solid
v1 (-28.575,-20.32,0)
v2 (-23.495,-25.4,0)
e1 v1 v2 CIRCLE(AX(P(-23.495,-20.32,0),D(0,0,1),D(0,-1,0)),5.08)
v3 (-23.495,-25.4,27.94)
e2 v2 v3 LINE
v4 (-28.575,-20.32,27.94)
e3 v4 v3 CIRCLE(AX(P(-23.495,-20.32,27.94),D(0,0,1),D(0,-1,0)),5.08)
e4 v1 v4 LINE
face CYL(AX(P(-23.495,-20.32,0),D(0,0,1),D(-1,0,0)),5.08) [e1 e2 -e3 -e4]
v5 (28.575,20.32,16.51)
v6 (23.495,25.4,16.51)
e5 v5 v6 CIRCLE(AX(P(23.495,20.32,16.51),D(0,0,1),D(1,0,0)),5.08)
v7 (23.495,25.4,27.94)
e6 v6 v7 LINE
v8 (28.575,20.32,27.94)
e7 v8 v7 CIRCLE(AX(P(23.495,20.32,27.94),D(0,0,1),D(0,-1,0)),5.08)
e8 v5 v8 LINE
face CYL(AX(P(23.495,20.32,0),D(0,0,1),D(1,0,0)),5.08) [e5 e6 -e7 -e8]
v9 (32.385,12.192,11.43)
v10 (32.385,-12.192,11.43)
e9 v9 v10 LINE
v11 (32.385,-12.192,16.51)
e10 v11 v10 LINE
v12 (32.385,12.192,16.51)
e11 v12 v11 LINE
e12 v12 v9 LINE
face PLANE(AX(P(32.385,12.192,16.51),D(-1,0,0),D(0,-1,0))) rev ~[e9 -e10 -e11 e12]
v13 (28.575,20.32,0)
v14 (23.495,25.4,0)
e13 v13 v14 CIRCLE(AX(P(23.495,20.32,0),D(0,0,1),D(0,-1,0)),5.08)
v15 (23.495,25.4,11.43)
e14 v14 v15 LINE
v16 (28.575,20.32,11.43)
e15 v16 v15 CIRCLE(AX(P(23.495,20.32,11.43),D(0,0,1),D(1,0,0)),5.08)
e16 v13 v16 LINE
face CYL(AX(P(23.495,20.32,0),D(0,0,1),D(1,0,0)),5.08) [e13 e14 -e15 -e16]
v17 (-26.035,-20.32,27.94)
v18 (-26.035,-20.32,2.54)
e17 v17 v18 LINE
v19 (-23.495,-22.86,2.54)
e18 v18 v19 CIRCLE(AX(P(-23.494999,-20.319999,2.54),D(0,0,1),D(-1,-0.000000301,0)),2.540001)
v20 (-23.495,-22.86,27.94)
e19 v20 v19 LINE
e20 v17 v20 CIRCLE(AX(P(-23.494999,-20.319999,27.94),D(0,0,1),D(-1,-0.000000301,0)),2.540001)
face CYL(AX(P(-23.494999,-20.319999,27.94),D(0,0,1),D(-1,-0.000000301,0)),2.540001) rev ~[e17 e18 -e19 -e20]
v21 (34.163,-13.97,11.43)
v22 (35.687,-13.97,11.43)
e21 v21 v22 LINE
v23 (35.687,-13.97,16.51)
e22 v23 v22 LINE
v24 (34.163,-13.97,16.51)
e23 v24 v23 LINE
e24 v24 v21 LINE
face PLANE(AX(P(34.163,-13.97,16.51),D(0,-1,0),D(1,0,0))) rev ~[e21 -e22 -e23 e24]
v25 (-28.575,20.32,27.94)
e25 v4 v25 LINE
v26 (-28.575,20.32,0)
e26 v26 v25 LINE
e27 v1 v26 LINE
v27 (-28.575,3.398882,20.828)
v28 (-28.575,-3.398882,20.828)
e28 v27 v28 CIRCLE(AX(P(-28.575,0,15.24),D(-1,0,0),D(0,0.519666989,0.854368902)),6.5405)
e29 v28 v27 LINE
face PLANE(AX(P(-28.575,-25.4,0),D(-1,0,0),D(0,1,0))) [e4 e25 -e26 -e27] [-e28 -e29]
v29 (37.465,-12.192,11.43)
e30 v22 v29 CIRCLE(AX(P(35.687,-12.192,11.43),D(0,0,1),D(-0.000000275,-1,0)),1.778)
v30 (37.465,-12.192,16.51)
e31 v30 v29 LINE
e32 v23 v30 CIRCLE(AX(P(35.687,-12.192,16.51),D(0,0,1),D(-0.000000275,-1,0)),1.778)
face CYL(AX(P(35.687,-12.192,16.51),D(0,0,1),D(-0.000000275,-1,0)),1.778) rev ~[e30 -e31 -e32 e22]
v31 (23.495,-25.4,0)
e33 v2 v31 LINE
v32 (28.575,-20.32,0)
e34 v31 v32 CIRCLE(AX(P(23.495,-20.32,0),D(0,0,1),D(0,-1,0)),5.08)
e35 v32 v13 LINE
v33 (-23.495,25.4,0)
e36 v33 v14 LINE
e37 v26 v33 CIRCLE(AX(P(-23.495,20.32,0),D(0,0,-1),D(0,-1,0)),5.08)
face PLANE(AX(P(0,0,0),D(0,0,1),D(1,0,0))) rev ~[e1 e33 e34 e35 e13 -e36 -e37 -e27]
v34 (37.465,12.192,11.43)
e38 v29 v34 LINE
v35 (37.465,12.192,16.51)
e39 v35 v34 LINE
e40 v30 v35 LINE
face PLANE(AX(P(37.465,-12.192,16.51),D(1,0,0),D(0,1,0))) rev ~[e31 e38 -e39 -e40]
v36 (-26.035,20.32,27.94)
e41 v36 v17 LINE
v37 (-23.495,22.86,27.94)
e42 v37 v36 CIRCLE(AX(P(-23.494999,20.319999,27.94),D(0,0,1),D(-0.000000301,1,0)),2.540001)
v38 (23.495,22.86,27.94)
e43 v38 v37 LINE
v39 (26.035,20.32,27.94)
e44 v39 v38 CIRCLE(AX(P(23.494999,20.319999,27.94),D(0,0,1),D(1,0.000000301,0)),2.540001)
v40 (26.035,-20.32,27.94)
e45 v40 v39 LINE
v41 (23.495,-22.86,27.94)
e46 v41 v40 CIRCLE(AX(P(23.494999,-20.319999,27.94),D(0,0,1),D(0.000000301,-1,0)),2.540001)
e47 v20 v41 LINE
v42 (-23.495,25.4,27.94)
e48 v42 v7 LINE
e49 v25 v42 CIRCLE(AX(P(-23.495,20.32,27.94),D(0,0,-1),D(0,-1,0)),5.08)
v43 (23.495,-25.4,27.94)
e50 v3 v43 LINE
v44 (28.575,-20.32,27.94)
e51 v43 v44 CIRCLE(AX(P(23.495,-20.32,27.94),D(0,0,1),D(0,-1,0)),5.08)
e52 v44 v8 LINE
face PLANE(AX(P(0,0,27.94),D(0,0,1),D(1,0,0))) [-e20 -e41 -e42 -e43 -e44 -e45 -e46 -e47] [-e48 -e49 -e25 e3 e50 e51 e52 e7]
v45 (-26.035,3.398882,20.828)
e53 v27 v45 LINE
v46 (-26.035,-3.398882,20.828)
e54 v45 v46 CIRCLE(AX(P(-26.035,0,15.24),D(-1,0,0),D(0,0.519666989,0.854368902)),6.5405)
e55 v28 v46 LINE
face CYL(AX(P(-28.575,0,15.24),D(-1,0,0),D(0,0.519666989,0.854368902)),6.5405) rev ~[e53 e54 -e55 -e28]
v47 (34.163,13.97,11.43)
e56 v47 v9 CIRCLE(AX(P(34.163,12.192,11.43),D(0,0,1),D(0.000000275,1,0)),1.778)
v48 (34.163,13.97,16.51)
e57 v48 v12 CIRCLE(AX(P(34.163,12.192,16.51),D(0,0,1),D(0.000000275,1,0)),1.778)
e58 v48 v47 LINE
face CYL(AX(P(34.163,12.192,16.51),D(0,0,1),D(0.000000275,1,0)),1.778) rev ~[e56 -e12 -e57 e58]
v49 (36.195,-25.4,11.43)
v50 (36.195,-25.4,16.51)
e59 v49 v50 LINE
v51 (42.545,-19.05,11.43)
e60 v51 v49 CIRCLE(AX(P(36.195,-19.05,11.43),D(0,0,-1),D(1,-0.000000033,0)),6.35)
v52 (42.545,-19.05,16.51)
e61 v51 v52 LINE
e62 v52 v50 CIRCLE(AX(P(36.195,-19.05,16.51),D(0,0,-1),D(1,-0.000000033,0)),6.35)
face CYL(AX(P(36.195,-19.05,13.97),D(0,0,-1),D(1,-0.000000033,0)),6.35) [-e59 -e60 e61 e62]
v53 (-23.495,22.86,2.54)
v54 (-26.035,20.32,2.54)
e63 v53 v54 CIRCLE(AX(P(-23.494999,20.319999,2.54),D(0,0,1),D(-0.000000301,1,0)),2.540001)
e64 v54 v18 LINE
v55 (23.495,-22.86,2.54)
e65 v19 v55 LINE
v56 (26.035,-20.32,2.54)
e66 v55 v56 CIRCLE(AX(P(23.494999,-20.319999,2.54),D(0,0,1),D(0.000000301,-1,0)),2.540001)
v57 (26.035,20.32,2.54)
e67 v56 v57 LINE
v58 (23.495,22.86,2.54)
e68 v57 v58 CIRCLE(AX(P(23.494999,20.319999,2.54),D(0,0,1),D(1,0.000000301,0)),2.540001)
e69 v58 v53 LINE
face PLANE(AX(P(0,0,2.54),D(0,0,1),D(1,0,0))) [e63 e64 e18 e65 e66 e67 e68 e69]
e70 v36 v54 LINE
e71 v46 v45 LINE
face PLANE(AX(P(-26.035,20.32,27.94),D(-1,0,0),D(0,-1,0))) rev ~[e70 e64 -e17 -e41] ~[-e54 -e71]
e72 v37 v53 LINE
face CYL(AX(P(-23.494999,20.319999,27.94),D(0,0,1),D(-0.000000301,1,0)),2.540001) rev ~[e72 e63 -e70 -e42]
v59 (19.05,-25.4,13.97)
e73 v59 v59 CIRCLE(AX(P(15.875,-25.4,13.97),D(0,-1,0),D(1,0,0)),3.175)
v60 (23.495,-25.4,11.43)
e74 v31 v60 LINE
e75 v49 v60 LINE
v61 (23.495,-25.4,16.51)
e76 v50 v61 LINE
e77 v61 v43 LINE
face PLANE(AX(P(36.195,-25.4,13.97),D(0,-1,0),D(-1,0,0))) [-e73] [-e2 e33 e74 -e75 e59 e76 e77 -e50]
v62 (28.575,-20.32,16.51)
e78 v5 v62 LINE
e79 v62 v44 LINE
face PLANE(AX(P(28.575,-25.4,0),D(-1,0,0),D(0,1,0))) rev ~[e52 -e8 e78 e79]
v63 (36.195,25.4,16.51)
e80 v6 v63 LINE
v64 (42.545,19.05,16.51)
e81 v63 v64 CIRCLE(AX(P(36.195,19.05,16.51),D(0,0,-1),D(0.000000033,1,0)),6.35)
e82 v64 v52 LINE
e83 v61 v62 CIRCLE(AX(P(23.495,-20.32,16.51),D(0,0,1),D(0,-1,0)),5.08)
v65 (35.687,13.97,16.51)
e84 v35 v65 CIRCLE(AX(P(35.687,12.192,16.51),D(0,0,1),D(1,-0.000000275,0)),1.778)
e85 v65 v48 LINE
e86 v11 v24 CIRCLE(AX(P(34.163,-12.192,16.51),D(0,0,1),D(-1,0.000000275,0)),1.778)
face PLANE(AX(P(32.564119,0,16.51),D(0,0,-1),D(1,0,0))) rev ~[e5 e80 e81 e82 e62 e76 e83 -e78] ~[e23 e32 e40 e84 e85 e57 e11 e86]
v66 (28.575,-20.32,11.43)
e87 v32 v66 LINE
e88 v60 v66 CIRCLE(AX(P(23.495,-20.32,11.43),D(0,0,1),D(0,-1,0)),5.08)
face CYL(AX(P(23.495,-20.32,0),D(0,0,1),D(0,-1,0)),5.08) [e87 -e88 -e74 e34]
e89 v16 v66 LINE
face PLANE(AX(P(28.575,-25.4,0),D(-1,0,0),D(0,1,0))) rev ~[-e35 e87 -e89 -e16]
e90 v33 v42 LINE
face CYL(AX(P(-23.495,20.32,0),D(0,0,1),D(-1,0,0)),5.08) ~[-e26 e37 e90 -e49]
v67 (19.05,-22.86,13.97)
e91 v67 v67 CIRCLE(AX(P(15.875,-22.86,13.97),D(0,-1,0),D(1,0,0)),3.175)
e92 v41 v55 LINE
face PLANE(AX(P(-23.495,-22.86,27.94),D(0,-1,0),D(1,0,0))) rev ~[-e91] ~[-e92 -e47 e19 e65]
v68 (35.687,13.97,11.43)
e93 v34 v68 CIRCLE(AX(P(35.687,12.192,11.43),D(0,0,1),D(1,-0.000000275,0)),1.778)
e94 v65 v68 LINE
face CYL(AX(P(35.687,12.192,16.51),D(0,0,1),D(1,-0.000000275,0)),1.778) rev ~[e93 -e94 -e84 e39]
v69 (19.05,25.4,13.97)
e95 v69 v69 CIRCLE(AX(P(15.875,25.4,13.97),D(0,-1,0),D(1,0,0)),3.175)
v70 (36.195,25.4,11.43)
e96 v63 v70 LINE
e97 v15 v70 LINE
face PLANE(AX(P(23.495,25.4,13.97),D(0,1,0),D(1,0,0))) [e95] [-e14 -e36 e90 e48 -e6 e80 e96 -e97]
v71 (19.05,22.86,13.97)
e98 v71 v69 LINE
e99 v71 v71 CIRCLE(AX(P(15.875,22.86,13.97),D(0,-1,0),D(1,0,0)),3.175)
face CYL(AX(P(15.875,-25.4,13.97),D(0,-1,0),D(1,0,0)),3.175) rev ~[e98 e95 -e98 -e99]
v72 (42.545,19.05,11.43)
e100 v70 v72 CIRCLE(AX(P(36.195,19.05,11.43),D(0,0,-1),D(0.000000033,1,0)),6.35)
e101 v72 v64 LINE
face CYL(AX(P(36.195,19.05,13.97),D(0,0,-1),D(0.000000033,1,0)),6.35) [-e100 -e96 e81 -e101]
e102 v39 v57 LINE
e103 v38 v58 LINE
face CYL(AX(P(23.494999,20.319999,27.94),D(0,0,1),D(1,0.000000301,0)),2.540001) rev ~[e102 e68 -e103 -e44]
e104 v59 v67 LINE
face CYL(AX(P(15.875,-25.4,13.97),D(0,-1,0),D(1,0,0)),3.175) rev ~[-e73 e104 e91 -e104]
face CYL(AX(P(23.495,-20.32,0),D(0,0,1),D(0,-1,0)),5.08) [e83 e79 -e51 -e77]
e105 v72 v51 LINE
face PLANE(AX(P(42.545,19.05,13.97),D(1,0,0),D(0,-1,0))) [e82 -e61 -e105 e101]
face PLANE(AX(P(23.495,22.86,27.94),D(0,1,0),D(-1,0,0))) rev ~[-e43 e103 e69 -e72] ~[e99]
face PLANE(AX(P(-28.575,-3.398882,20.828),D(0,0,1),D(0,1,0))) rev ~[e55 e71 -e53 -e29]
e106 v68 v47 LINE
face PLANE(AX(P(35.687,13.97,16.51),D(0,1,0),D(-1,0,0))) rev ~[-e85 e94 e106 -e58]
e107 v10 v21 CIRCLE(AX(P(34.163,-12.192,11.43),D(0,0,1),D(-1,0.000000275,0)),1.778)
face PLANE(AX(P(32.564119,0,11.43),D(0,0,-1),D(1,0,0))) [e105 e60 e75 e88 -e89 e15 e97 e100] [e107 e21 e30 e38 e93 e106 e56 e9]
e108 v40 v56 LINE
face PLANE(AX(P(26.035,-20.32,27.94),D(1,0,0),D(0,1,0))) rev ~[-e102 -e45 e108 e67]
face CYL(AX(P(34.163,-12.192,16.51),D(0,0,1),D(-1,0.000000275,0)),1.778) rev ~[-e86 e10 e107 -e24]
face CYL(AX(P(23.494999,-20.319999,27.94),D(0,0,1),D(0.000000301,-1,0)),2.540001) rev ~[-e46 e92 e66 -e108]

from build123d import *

# Parameters (mm, degrees)
F0_W      = 57.15
F0_H      = 50.8
F1_DEPTH  = 27.94
F2_R      = 5.08
F5_DEPTH  = 2.54
F7_DEPTH  = 25.4
F9_DEPTH  = 2.54
F10_R     = 3.175
F11_DEPTH = 50.801
F13_DEPTH = 5.08


with BuildPart() as f1:
    # F0 (on Top) → F1 (new body)
    with BuildSketch(Plane.XY):
        Rectangle(F0_W, F0_H)
    extrude(amount=F1_DEPTH)

    # F2
    f2_edges = [f1.edges().sort_by_distance(p)[0] for p in [
        (-28.575, 25.4, 13.97),
        (28.575, 25.4, 13.97),
        (28.575, -25.4, 13.97),
        (-28.575, -25.4, 13.97),
    ]]
    fillet(f2_edges, radius=F2_R)

    # F4 (on offset) → F5 (join, symmetric)
    with BuildSketch(Plane(origin=(0, 0, 13.97), x_dir=(1, 0, 0), z_dir=(0, 0, -1))):
        with BuildLine():
            Line((36.195, 25.4), (23.495, 25.4))
            Line((23.495, 25.4), (23.495, -25.4))
            Line((23.495, -25.4), (36.195, -25.4))
            ThreePointArc((36.195, -25.4), (40.685128, -23.540128), (42.545, -19.05))
            Line((42.545, -19.05), (42.545, 19.05))
            ThreePointArc((42.545, 19.05), (40.685128, 23.540128), (36.195, 25.4))
        make_face()
    extrude(amount=F5_DEPTH, both=True)

    # F6 (on face) → F7 (cut)
    with BuildSketch(Plane.XY.offset(27.94)):
        with BuildLine():
            ThreePointArc((-26.035, -20.32), (-25.291051, -22.116051), (-23.495, -22.86))
            Line((-23.495, -22.86), (23.495, -22.86))
            ThreePointArc((23.495, -22.86), (25.291051, -22.116051), (26.035, -20.32))
            Line((26.035, -20.32), (26.035, 20.32))
            ThreePointArc((26.035, 20.32), (25.291051, 22.116051), (23.495, 22.86))
            Line((23.495, 22.86), (-23.495, 22.86))
            ThreePointArc((-23.495, 22.86), (-25.291051, 22.116051), (-26.035, 20.32))
            Line((-26.035, 20.32), (-26.035, -20.32))
        make_face()
    extrude(amount=-F7_DEPTH, mode=Mode.SUBTRACT)

    # F8 (on face) → F9 (cut, through all)
    with BuildSketch(Plane(origin=(-28.575, 0, 0), x_dir=(0, -1, 0), z_dir=(-1, 0, 0))):
        with BuildLine():
            Line((3.398882, 20.828), (-3.398882, 20.828))
            ThreePointArc((-3.398882, 20.828), (0, 8.6995), (3.398882, 20.828))
        make_face()
    extrude(amount=-F9_DEPTH, mode=Mode.SUBTRACT)

    # F10 (on face) → F11 (cut, through all)
    with BuildSketch(Plane.XZ.offset(25.4)):
        with Locations((15.875, 13.97)):
            Circle(F10_R)
    extrude(amount=-F11_DEPTH, mode=Mode.SUBTRACT)

    # F12 (on face) → F13 (cut, through all)
    with BuildSketch(Plane.XY.offset(16.51)):
        with BuildLine():
            Line((35.687, 13.97), (34.163, 13.97))
            ThreePointArc((34.163, 13.97), (32.905764, 13.449236), (32.385, 12.192))
            Line((32.385, 12.192), (32.385, -12.192))
            ThreePointArc((32.385, -12.192), (32.905764, -13.449236), (34.163, -13.97))
            Line((34.163, -13.97), (35.687, -13.97))
            ThreePointArc((35.687, -13.97), (36.944236, -13.449236), (37.465, -12.192))
            Line((37.465, -12.192), (37.465, 12.192))
            ThreePointArc((37.465, 12.192), (36.944236, 13.449236), (35.687, 13.97))
        make_face()
    extrude(amount=-F13_DEPTH, mode=Mode.SUBTRACT)


solid = f1.part
